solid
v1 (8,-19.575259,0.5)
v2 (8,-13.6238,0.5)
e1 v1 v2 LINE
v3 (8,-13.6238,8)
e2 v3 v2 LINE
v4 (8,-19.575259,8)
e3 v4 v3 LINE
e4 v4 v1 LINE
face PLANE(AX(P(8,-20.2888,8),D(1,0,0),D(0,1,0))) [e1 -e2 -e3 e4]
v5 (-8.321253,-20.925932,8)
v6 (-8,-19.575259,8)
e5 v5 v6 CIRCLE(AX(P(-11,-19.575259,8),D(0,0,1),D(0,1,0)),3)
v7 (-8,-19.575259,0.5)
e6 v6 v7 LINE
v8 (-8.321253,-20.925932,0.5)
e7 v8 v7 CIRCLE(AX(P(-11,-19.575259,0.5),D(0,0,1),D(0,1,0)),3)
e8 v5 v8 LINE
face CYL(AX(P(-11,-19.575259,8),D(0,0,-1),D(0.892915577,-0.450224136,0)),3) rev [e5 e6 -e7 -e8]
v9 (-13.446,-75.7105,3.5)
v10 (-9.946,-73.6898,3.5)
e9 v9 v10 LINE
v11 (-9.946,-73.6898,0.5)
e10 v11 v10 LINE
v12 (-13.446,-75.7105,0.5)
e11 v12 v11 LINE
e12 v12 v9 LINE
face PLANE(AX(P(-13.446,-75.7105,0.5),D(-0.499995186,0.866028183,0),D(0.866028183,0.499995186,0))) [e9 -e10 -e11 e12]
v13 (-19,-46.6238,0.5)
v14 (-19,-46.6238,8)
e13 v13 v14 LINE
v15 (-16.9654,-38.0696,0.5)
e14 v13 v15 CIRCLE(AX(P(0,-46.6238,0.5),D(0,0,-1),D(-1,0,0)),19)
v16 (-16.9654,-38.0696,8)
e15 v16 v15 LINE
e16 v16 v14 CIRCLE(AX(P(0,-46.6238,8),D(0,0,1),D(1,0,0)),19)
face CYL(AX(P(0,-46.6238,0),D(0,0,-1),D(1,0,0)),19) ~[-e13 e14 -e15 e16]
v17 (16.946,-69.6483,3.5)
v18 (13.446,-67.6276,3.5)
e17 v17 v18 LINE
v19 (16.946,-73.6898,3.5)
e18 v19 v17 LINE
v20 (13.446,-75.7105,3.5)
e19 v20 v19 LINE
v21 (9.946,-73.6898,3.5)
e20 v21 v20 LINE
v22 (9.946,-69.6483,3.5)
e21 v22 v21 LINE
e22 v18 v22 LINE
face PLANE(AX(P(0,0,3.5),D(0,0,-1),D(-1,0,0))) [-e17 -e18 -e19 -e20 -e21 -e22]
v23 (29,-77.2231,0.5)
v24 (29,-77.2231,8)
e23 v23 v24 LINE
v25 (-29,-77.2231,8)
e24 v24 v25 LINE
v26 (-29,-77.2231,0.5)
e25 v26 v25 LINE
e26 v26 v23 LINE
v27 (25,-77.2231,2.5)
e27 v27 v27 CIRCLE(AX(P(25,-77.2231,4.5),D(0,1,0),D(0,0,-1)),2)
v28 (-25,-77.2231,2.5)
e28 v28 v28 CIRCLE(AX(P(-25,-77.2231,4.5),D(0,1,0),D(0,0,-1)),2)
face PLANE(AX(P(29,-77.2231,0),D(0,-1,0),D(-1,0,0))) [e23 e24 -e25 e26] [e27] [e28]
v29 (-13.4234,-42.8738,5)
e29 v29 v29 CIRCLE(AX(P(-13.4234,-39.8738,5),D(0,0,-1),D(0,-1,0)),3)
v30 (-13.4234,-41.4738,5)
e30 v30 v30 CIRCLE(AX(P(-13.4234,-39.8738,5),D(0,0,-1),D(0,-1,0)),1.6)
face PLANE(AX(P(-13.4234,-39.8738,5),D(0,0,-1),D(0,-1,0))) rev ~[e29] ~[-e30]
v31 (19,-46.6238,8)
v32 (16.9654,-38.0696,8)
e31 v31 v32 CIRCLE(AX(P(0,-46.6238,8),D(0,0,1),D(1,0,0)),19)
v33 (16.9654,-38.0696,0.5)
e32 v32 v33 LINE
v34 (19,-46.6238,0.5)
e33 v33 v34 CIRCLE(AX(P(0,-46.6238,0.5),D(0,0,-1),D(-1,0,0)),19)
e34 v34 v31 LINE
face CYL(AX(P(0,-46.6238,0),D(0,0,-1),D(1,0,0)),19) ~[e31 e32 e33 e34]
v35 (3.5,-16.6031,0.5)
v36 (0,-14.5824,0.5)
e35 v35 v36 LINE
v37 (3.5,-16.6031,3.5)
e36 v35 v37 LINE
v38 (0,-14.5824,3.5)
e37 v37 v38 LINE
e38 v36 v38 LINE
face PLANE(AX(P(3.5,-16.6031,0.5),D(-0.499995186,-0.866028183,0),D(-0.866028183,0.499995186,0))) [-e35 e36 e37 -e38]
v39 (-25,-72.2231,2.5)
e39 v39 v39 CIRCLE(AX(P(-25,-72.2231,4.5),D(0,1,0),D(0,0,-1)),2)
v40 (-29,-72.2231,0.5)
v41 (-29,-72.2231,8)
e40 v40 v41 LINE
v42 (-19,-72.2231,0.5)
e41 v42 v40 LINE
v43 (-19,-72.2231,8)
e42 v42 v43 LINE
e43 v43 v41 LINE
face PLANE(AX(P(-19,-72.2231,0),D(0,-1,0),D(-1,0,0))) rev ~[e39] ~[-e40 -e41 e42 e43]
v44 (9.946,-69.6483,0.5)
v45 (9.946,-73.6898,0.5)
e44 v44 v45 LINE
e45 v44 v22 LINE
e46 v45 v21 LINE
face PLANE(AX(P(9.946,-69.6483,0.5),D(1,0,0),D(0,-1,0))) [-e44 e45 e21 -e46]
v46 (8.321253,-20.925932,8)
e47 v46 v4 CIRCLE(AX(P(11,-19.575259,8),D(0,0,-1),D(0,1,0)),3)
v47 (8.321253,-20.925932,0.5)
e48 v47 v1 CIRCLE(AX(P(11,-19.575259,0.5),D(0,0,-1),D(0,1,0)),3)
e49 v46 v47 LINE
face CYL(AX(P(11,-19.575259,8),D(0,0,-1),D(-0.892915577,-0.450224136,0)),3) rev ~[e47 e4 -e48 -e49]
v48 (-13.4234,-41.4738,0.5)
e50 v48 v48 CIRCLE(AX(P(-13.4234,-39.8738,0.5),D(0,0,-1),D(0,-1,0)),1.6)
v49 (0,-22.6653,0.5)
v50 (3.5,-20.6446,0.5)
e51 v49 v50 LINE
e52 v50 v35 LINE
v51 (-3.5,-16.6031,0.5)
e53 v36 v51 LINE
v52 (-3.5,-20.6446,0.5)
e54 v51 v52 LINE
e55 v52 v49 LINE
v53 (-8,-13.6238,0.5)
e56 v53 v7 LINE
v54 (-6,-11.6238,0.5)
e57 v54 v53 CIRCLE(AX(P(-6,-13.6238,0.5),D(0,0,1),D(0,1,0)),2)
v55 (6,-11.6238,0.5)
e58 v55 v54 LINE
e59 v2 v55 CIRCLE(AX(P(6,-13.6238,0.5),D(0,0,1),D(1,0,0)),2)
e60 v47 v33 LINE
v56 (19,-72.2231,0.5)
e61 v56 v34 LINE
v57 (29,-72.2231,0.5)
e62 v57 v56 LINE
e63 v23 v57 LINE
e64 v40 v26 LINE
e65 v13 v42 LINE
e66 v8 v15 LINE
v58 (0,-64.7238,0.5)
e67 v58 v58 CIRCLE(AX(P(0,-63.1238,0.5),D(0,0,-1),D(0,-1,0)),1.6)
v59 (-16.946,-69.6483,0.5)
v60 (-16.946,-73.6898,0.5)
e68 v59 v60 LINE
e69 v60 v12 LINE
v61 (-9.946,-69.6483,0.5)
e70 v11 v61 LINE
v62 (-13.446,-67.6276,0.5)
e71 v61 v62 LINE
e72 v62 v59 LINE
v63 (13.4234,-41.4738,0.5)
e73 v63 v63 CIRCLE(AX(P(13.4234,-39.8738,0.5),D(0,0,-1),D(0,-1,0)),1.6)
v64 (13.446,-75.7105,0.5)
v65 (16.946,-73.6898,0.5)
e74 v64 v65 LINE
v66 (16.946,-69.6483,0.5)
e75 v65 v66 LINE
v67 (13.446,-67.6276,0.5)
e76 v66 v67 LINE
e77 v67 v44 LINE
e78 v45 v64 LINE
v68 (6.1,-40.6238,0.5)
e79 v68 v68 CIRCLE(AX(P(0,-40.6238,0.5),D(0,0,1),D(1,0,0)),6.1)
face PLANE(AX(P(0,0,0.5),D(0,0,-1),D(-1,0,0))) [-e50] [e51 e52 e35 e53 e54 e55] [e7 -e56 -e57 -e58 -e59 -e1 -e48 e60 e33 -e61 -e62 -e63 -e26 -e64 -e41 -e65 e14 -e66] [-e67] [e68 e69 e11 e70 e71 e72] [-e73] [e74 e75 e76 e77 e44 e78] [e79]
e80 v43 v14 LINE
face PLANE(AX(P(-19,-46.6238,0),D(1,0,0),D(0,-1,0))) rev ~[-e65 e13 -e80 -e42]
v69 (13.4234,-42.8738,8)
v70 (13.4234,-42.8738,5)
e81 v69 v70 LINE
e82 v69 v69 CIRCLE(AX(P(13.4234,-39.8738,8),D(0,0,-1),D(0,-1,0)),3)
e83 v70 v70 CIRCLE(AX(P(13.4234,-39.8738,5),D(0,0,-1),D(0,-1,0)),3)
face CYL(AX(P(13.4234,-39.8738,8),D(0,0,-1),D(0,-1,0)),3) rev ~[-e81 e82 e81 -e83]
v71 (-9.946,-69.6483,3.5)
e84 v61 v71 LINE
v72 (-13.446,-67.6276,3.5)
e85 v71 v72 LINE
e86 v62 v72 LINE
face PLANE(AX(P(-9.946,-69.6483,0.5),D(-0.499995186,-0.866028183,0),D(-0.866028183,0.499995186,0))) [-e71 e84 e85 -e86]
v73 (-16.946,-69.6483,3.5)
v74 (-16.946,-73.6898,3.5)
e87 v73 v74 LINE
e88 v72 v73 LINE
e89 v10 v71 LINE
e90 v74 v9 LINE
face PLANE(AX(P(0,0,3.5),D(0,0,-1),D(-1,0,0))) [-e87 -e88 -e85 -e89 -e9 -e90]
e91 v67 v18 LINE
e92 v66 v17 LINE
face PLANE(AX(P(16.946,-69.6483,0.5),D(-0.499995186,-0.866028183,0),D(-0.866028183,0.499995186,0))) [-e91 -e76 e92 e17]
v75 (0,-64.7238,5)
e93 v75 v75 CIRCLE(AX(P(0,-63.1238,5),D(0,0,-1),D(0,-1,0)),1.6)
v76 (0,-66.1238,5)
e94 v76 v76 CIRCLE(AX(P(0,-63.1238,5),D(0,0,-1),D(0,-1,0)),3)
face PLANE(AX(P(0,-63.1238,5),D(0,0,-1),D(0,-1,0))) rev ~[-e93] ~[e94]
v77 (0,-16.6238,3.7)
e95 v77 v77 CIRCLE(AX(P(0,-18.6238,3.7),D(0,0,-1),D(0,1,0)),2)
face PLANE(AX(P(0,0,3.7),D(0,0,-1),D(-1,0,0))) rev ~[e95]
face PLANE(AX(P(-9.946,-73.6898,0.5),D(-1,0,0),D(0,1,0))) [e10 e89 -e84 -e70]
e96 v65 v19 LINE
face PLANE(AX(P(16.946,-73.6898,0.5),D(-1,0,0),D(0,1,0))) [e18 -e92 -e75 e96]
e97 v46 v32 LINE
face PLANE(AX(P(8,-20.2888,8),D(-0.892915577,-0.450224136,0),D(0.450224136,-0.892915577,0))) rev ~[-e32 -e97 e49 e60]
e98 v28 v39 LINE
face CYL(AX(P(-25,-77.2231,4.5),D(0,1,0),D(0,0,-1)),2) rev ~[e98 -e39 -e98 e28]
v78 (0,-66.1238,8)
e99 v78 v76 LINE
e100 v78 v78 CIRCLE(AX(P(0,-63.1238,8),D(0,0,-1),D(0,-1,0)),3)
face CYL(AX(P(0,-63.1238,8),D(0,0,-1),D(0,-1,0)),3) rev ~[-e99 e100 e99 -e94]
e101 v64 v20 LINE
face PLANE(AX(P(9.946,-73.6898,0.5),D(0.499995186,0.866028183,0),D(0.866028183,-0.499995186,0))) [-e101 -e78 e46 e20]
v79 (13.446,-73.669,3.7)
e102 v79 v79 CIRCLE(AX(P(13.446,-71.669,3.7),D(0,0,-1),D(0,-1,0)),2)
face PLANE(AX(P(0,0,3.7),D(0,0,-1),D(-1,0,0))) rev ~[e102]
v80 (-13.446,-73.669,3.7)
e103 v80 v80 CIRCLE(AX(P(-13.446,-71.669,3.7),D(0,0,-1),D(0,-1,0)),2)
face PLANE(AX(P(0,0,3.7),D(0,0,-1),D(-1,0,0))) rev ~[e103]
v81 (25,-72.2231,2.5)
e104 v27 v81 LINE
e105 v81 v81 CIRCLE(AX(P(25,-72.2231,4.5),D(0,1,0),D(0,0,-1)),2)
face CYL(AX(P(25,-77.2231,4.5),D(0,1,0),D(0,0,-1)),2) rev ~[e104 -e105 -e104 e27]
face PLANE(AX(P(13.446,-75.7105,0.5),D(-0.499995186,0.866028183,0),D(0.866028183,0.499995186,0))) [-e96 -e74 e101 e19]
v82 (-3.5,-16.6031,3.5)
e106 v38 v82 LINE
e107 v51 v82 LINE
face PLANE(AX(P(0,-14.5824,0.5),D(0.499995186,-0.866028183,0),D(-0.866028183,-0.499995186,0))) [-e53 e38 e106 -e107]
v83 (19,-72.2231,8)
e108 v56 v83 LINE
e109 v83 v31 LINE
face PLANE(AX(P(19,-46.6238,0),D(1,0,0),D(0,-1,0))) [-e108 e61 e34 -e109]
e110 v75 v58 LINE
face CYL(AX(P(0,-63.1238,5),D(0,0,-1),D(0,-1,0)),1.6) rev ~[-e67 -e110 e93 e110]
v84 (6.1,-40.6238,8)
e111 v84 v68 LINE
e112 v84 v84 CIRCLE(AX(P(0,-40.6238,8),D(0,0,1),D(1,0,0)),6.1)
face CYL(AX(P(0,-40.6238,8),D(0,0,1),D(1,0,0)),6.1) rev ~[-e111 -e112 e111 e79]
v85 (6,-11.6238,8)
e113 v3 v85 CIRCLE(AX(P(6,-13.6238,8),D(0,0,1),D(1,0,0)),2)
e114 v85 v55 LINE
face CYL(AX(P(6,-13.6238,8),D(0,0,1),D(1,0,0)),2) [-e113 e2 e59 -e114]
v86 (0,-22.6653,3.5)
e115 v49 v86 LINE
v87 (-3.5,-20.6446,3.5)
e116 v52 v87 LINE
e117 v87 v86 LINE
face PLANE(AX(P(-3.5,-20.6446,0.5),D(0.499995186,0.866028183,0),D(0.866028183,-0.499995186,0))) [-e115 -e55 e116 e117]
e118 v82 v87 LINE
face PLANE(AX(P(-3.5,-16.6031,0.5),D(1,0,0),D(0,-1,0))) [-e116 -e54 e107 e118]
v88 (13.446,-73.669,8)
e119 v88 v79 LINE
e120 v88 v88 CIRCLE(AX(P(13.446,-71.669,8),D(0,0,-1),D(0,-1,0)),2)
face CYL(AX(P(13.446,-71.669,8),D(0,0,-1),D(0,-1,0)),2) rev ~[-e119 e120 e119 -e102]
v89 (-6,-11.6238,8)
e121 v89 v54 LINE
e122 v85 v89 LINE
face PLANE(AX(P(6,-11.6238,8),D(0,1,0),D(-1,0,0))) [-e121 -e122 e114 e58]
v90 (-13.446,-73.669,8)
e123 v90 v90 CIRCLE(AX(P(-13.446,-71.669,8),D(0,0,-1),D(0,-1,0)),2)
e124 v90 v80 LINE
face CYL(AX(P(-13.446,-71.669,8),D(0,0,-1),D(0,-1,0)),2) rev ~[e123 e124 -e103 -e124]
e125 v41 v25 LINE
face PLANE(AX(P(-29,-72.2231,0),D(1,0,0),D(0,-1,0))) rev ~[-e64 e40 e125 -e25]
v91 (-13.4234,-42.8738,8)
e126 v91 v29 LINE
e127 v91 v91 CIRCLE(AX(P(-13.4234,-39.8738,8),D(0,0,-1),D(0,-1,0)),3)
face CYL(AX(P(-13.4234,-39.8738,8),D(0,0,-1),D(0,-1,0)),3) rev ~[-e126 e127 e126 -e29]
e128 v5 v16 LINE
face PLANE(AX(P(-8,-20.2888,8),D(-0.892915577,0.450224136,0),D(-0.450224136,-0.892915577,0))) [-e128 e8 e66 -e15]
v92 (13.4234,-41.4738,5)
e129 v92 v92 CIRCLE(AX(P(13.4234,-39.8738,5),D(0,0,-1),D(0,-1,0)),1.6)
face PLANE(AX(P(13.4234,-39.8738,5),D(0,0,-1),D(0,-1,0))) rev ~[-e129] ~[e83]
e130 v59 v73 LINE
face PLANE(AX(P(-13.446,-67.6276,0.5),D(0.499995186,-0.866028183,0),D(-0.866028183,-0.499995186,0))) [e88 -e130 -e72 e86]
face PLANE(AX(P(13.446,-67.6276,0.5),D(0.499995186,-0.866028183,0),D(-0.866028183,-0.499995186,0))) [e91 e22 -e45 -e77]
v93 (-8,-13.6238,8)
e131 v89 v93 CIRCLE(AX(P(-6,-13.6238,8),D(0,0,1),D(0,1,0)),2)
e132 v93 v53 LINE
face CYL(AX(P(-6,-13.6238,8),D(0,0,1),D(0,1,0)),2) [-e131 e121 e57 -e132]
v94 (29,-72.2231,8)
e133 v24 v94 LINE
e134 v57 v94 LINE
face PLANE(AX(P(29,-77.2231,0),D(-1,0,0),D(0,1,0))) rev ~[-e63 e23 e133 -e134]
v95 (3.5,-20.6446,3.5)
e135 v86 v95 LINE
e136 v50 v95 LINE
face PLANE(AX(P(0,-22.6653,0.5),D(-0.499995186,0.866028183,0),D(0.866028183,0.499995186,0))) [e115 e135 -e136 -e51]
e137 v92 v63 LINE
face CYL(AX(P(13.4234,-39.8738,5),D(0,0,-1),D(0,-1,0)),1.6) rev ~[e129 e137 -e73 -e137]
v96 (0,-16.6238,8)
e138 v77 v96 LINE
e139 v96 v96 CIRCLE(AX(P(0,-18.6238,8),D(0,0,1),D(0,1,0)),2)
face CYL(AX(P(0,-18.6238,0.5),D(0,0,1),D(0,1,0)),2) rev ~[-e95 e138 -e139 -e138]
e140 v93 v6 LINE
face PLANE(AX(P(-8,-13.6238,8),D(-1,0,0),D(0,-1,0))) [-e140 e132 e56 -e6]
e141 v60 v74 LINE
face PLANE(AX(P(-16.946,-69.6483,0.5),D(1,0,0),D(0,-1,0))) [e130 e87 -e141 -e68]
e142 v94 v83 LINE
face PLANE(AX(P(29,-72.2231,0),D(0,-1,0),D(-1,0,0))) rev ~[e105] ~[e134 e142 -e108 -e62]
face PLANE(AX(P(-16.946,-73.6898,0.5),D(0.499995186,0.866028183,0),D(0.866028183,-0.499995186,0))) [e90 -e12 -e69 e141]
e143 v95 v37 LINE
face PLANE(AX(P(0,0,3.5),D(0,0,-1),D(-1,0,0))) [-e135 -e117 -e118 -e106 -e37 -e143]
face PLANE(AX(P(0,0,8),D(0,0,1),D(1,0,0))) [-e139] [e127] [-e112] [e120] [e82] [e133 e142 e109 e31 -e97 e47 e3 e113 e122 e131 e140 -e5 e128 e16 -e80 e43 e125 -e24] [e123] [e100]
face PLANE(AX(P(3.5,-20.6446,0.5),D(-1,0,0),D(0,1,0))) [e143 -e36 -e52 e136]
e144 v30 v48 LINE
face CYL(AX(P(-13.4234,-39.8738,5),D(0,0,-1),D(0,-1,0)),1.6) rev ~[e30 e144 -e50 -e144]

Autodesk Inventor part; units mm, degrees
ref_plane "YZ Plane" through (0, 0, 0) normal (1, 0, 0) x (0, 1, 0)
ref_plane "XZ Plane" through (0, 0, 0) normal (0, 1, 0) x (-1, 0, 0)
ref_plane "XY Plane" through (0, 0, 0) normal (0, 0, 1) x (1, 0, 0)
sketch "Skizze1" plane through (0, 0, 0) normal (0, 0, 1) x (1, 0, 0)
  arc A0 (-19, -51.1238) -> (19, -51.1238) centre (0, -51.1238) ccw projected
  line L0 (-19, -72.2231) -> (-19, -51.1238) projected
  line L1 (-19, -72.2231) -> (-29, -72.2231) projected
  line L2 (-29, -72.2231) -> (-29, -77.2231) projected
  line L3 (29, -77.2231) -> (-29, -77.2231) projected
  line L4 (29, -77.2231) -> (29, -72.2231) projected
  line L5 (29, -72.2231) -> (19, -72.2231) projected
  line L6 (19, -72.2231) -> (19, -51.1238) projected
  circle A1 centre (0, -47.6238) radius 17.5 projected
  circle A2 centre (0, -40.6238) radius 6 projected
  arc A3 (19, -46.6238) -> (-19, -46.6238) centre (0, -46.6238) ccw
  line L7 (-19, -46.6238) -> (-19, -51.1238)
  line L8 (19, -46.6238) -> (19, -51.1238)
  circle A4 centre (-13.446, -71.669) radius 2.1 projected
  circle A5 centre (13.446, -71.669) radius 2.1 projected
  point P0 (0, 0)
extrude "Extrusion1" add sketch "Skizze1" along normal blind 8 contours L7 A3 L8 A0 | A0 L6 L5 L4 L3 L2 L1 L0 | A1 | A4 | A5
sketch "Skizze2" plane through (-29, -77.2231, 0) normal (0, -1, 0) x (1, 0, 0)
  circle A0 centre (4, 4.5) radius 2.35 projected
  circle A1 centre (54, 4.5) radius 2.35 projected
  point P0 (29, 0)
hole "Bohrung1" at (-25, -77.2231, 4.5) at (25, -77.2231, 4.5) direction (0, 1, 0) diameter 4 end through all
sketch "Skizze3" plane through (0, 0, 0) normal (0, 0, -1) x (-1, 0, 0)
  circle A0 centre (0, -40.6238) radius 6 projected
  line L0 (-19, -72.2231) -> (-19, -46.6238) projected
  line L1 (-29, -72.2231) -> (-19, -72.2231) projected
  line L2 (-29, -77.2231) -> (-29, -72.2231) projected
  line L3 (29, -77.2231) -> (-29, -77.2231) projected
  line L4 (29, -72.2231) -> (29, -77.2231) projected
  line L5 (19, -72.2231) -> (29, -72.2231) projected
  line L6 (19, -46.6238) -> (19, -72.2231) projected
  arc A1 (19, -46.6238) -> (-19, -46.6238) centre (0, -46.6238) ccw projected
  point P0 (0, 0)
extrude "Extrusion2" cut sketch "Skizze3" against normal blind 0.5
sketch "Skizze4" plane through (0, 0, 8) normal (0, 0, 1) x (1, 0, 0)
  circle A0 centre (-13.446, -71.669) radius 2.1 projected
  circle A1 centre (13.446, -71.669) radius 2.1 projected
  point P0 (0, 0)
hole "Bohrung2" at (-13.446, -71.669, 8) at (13.446, -71.669, 8) direction (0, 0, -1) diameter 4 end through all
sketch "Skizze5" plane through (0, 0, 0.5) normal (0, 0, -1) x (-1, 0, 0)
  circle A0 centre (13.446, -71.669) radius 2 projected
  circle A1 centre (-13.446, -71.669) radius 2 projected
  line L0 (-19, -72.2231) -> (-19, -46.6238) projected
  line L1 (19, -46.6238) -> (19, -72.2231) projected
  line L2 (-13.446, -67.6276) -> (-9.946, -69.6483)
  line L3 (-9.946, -69.6483) -> (-9.946, -73.6898)
  line L4 (-9.946, -73.6898) -> (-13.446, -75.7105)
  line L5 (-13.446, -75.7105) -> (-16.946, -73.6898)
  line L6 (-16.946, -73.6898) -> (-16.946, -69.6483)
  line L7 (-16.946, -69.6483) -> (-13.446, -67.6276)
  line L8 (13.446, -67.6276) -> (16.946, -69.6483)
  line L9 (16.946, -69.6483) -> (16.946, -73.6898)
  line L10 (16.946, -73.6898) -> (13.446, -75.7105)
  line L11 (13.446, -75.7105) -> (9.946, -73.6898)
  line L12 (9.946, -73.6898) -> (9.946, -69.6483)
  line L13 (9.946, -69.6483) -> (13.446, -67.6276)
  point P0 (0, 0)
  dimension "d18" = 7
extrude "Extrusion3" cut sketch "Skizze5" against normal blind 3 contours A0 | A1 | L2 L3 L4 L5 L6 L7 | L8 L9 L10 L11 L12 L13
sketch "Skizze8" plane through (0, 0, 8) normal (0, 0, 1) x (1, 0, 0)
  circle A0 centre (0, -40.6238) radius 6 projected
  line L0 (-29, -77.2231) -> (29, -77.2231) projected
  circle A1 centre (0, -47.6238) radius 15.5 construction
  line L1 (0, -40.6238) -> (0, -77.2231) construction
  line L2 (-13.4234, -39.8738) -> (0, -47.6238) construction
  line L3 (0, -47.6238) -> (13.4234, -39.8738) construction
  line L4 (0, -47.6238) -> (0, -32.1238) construction
  point P0 (0, 0)
  point P1 (0, -63.1238)
  dimension "d21" = 31
  dimension "d22" = 7
  dimension "d23" = 60
hole "Bohrung3" at (-13.4234, -39.8738, 8) at (13.4234, -39.8738, 8) at (0, -63.1238, 8) direction (0, 0, -1) diameter 3.2 end through all counterbore diameter 6 counterbore depth 3
sketch "Skizze9" plane through (0, 0, 8) normal (0, 0, 1) x (1, 0, 0)
  circle A0 centre (0, -40.6238) radius 6 projected
  circle A1 centre (0, -40.6238) radius 6.1
  point P0 (0, 0)
  dimension "d31" = 12.2
extrude "Extrusion4" cut sketch "Skizze9" against normal through all contours A0 | A1
sketch "Skizze10" plane through (0, 0, 3.5) normal (0, 0, -1) x (-1, 0, 0)
  circle A0 centre (13.446, -71.669) radius 2 projected
  circle A1 centre (-13.446, -71.669) radius 2 projected
  circle A2 centre (-13.446, -71.669) radius 2 projected
  line L0 (-13.446, -67.6276) -> (-9.946, -69.6483) projected
  line L1 (-16.946, -69.6483) -> (-13.446, -67.6276) projected
  line L2 (-16.946, -73.6898) -> (-16.946, -69.6483) projected
  line L3 (-13.446, -75.7105) -> (-16.946, -73.6898) projected
  line L4 (-9.946, -73.6898) -> (-13.446, -75.7105) projected
  line L5 (-9.946, -69.6483) -> (-9.946, -73.6898) projected
  point P0 (0, 0)
extrude "Extrusion5" add sketch "Skizze10" against normal blind 0.2 contours A0 | A1
sketch "Skizze11" plane through (0, 0, 8) normal (0, 0, 1) x (1, 0, 0)
  circle A0 centre (0, -63.1238) radius 3 projected
  arc A1 (19, -46.6238) -> (-19, -46.6238) centre (0, -46.6238) ccw projected
  arc A2 (15, -16.1238) -> (15, -21.1238) centre (15, -18.6238) ccw construction
  line L0 (15, -16.1238) -> (23, -16.1238) construction
  arc A3 (23, -21.1238) -> (23, -16.1238) centre (23, -18.6238) ccw construction
  line L1 (23, -21.1238) -> (15, -21.1238) construction
  arc A4 (-23, -16.1238) -> (-23, -21.1238) centre (-23, -18.6238) ccw construction
  line L2 (-23, -16.1238) -> (-15, -16.1238) construction
  arc A5 (-15, -21.1238) -> (-15, -16.1238) centre (-15, -18.6238) ccw construction
  line L3 (-15, -21.1238) -> (-23, -21.1238) construction
  line L4 (23, -25.6238) -> (-23, -25.6238) construction
  arc A6 (23, -25.6238) -> (23, -11.6238) centre (23, -18.6238) ccw construction
  line L5 (-23, -11.6238) -> (23, -11.6238) construction
  arc A7 (-23, -11.6238) -> (-23, -25.6238) centre (-23, -18.6238) ccw construction
  line L6 (-8, -29.3901) -> (8, -29.3901)
  line L7 (8, -29.3901) -> (8, -13.6238)
  line L8 (6, -11.6238) -> (-6, -11.6238)
  line L9 (-8, -13.6238) -> (-8, -29.3901)
  line L10 (0, -63.1238) -> (0, -11.6238) construction
  circle A8 centre (-15, -18.6238) radius 7 construction
  arc A9 (-6, -11.6238) -> (-8, -13.6238) centre (-6, -13.6238) ccw
  arc A10 (8, -13.6238) -> (6, -11.6238) centre (6, -13.6238) ccw
  line L11 (-8, -20.2888) -> (-16.9654, -38.0696)
  line L12 (8, -20.2888) -> (16.9654, -38.0696)
  circle A11 centre (0, -18.6238) radius 2 projected
  point P0 (0, 0)
  point P1 (8, -11.6238)
  dimension "d36" = 2
extrude "Extrusion6" add sketch "Skizze11" against normal up to surface (7.5 mm away) contours A1 L7 L12 | A1 L9 A9 L8 A10 L7 | A1 L11 L9 | A11
fillet "Rundung1" radius 3 2 edges at (-8, -20.2888, 4.25) (8, -20.2888, 4.25)
sketch "Skizze12" plane through (0, 0, 0.5) normal (0, 0, -1) x (-1, 0, 0)
  circle A0 centre (0, -63.1238) radius 1.6 projected
  line L0 (6, -11.6238) -> (-6, -11.6238) projected
  line L1 (-8, -13.6238) -> (-8, -19.5752) projected
  arc A1 (-23, -16.1238) -> (-23, -21.1238) centre (-23, -18.6238) ccw projected
  arc A2 (23, -21.1238) -> (23, -16.1238) centre (23, -18.6238) ccw projected
  line L2 (-23, -18.6238) -> (23, -18.6238) construction
  line L3 (0, -11.6238) -> (0, -63.1238) construction
  point P0 (0, 0)
  point P1 (0, -18.6238)
hole "Bohrung4" at (0, -18.6238, 0.5) direction (0, 0, 1) diameter 4 end through all
sketch "Skizze13" plane through (0, 0, 0.5) normal (0, 0, -1) x (-1, 0, 0)
  circle A0 centre (0, -18.6238) radius 2 projected
  line L0 (-8, -13.6238) -> (-8, -19.5752) projected
  line L1 (0, -14.5824) -> (3.5, -16.6031)
  line L2 (3.5, -16.6031) -> (3.5, -20.6446)
  line L3 (3.5, -20.6446) -> (0, -22.6653)
  line L4 (0, -22.6653) -> (-3.5, -20.6446)
  line L5 (-3.5, -20.6446) -> (-3.5, -16.6031)
  line L6 (-3.5, -16.6031) -> (0, -14.5824)
  point P0 (0, 0)
  dimension "d47" = 7
extrude "Extrusion7" cut sketch "Skizze13" against normal blind 3 contours A0 | L1 L2 L3 L4 L5 L6
sketch "Skizze14" plane through (0, 0, 3.5) normal (0, 0, -1) x (-1, 0, 0)
  circle A0 centre (0, -18.6238) radius 2 projected
  point P0 (0, 0)
extrude "Extrusion8" add sketch "Skizze14" against normal blind 0.2
properties part number "EllbowMotorMount" material "ABS-Kunststoff - Schwarz"
